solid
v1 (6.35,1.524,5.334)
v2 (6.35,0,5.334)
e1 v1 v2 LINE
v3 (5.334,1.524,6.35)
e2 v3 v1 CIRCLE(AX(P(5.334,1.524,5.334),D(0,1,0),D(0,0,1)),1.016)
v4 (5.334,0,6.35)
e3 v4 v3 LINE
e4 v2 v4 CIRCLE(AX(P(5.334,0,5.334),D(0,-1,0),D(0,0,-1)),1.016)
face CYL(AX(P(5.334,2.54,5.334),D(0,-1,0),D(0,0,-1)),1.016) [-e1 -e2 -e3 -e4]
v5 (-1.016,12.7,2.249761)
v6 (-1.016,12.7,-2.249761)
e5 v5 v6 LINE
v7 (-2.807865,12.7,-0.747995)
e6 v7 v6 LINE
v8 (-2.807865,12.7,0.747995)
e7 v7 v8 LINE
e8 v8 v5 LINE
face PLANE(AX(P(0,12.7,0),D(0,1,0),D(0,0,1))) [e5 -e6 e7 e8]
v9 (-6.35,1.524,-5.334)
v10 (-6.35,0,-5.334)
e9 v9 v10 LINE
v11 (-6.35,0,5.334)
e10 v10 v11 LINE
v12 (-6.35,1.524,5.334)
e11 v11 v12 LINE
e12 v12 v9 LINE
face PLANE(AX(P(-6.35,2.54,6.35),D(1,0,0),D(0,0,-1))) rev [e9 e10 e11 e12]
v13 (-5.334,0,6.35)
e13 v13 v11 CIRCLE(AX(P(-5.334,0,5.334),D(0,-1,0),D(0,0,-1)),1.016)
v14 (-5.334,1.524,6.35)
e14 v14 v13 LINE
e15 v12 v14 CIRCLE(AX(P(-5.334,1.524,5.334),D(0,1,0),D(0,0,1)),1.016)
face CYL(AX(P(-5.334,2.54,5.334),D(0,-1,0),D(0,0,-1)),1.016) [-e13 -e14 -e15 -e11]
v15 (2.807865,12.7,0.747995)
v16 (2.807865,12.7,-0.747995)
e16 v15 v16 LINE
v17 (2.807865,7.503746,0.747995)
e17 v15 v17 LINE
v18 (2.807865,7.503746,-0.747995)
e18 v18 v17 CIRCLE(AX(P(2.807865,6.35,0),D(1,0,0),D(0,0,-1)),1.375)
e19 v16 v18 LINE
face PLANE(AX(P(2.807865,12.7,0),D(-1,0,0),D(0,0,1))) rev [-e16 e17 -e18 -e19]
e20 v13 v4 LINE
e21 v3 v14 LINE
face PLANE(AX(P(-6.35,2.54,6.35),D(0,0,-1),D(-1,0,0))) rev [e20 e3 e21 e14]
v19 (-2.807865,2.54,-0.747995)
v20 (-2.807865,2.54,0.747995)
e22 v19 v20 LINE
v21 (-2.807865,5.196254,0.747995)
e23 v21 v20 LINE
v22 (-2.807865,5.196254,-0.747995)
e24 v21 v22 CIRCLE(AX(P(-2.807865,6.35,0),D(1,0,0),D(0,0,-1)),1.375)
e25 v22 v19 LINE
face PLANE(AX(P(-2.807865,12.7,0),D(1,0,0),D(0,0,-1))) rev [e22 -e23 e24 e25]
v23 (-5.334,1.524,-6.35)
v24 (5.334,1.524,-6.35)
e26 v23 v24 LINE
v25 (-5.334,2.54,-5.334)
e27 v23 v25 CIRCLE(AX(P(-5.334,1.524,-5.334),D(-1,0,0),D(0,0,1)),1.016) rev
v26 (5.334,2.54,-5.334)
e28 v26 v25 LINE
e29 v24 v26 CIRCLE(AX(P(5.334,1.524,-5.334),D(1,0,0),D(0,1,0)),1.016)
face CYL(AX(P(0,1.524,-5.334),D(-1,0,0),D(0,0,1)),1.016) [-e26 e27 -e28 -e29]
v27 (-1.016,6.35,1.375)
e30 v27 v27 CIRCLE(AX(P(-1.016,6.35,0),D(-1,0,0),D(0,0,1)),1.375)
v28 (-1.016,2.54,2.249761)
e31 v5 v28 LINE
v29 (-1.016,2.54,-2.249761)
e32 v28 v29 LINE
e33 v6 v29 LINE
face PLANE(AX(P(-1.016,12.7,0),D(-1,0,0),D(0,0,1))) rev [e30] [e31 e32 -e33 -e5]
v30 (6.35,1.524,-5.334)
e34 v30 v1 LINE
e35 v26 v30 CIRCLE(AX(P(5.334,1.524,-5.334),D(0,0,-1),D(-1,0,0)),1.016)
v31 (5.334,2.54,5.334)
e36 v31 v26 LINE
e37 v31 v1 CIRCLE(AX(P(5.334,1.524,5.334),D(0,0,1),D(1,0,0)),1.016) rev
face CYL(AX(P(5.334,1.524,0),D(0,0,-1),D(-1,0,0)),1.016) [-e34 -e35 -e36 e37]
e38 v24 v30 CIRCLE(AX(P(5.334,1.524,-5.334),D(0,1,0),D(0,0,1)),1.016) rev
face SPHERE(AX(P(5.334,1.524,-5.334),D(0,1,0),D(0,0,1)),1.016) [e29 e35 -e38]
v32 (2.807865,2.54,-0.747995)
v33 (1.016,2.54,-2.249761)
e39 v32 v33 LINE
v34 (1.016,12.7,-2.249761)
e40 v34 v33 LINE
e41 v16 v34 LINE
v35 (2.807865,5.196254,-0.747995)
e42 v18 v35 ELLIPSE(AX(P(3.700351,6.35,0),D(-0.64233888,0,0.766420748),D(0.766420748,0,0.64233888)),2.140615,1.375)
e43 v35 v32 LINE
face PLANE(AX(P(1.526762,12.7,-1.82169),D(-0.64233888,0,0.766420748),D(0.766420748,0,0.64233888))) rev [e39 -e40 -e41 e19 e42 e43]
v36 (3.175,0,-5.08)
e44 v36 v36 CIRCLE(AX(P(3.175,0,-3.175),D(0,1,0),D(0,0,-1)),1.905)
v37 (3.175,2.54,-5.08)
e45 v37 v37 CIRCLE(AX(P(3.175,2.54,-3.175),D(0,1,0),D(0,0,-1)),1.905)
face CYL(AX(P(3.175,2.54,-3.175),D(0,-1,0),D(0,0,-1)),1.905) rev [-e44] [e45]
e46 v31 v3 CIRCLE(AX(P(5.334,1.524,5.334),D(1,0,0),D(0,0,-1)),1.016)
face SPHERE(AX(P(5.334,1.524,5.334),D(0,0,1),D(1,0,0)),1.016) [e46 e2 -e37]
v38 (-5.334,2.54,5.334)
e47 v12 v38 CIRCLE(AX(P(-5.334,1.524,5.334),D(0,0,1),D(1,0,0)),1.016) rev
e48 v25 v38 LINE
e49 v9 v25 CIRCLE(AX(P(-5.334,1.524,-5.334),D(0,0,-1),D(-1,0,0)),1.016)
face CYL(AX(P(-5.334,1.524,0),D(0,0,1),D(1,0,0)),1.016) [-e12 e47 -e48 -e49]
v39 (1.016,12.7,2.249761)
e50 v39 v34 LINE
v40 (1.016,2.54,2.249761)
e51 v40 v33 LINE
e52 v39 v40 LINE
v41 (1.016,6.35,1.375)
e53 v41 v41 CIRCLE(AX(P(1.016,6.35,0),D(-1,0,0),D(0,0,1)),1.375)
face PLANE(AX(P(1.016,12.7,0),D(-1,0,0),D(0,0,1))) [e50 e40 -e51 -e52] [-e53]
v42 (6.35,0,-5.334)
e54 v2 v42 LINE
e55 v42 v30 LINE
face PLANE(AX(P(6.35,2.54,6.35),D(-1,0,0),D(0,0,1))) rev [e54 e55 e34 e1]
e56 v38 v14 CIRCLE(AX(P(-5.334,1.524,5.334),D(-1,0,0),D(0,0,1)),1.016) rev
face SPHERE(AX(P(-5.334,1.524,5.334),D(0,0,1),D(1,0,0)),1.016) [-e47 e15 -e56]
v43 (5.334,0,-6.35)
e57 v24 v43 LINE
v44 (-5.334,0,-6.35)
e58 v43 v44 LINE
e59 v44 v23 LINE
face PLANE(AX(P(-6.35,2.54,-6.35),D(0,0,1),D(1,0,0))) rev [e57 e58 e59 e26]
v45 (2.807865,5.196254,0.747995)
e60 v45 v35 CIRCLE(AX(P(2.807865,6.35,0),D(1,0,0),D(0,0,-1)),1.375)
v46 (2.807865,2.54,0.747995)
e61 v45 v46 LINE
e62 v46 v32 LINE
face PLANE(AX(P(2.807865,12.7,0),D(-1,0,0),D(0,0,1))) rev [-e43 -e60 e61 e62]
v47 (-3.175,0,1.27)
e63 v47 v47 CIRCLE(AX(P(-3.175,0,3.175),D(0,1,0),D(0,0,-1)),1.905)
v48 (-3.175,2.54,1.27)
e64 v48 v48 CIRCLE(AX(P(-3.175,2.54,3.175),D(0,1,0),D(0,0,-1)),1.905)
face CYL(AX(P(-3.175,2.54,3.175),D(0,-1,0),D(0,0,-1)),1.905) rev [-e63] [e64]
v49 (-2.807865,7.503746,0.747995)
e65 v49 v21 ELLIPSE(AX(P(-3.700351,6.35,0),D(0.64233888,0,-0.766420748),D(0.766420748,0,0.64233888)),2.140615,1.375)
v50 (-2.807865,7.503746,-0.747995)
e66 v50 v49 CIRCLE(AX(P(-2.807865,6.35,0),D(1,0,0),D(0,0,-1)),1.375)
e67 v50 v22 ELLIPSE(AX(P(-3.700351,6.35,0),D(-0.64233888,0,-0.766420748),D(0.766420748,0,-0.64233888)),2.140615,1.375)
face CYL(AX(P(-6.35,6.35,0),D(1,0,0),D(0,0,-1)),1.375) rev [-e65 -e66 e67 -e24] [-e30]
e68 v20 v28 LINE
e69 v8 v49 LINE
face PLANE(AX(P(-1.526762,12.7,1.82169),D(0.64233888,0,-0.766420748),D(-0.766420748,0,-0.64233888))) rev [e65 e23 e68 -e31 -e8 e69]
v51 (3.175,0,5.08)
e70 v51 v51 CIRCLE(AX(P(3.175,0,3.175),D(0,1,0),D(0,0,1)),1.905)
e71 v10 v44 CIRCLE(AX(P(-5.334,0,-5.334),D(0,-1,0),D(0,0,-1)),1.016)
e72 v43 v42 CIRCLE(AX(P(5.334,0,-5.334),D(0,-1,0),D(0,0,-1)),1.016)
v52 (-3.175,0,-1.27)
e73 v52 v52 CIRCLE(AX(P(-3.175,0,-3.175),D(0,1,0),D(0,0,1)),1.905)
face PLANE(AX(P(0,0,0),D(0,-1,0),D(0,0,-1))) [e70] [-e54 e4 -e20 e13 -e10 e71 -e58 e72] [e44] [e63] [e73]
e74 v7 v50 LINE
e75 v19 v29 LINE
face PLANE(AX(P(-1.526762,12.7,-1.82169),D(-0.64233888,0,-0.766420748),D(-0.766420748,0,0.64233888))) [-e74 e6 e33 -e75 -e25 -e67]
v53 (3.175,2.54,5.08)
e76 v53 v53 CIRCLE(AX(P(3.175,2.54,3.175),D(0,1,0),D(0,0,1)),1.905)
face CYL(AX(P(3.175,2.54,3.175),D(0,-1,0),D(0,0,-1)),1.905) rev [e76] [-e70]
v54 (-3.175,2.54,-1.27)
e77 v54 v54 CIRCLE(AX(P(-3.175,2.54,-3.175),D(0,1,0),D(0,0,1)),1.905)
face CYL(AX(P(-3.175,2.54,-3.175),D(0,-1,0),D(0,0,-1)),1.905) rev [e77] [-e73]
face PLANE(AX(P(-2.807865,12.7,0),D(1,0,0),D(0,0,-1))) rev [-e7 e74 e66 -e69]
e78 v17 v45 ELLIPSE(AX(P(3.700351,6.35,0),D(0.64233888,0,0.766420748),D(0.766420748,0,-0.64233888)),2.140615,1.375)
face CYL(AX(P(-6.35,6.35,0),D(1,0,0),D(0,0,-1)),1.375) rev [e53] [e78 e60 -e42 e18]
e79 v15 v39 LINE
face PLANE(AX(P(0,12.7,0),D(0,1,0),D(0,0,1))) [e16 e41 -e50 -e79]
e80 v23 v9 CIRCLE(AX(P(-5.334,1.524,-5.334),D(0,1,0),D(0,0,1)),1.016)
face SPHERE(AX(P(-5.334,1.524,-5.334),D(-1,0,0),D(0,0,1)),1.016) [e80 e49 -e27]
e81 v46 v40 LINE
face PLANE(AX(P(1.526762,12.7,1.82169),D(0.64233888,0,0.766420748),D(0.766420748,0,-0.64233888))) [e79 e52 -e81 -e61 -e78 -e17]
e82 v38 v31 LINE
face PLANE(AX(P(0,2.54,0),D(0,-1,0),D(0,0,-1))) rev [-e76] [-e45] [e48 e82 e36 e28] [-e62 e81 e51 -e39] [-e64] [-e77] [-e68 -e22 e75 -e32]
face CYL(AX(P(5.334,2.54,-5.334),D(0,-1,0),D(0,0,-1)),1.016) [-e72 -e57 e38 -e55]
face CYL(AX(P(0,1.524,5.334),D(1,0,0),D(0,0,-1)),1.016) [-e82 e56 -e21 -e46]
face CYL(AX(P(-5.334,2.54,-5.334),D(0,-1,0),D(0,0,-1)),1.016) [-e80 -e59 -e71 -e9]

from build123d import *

# Parameters (mm, degrees)
SKETCH1_W           = 12.7
SKETCH1_H           = 12.7
SKETCH1_R           = 1.905
BOSS_EXTRUDE1_DEPTH = 2.54
SKETCH2_W           = 1.791864934
SKETCH2_H           = 1.49598957
BOSS_EXTRUDE2_DEPTH = 10.16
SKETCH3_R           = 1.375
CUT_EXTRUDE1_DEPTH  = 17.896123524
FILLET1_R           = 1.016


with BuildPart() as part:
    # Sketch1 → Boss-Extrude1 (new body)
    with BuildSketch(Plane(origin=(0, 0, 0), x_dir=(1, 0, 0), z_dir=(0, 1, 0))):
        Rectangle(SKETCH1_W, SKETCH1_H)
        with Locations(Location((-3.175, 3.175, 0), (0, 0, 270))):
            Circle(SKETCH1_R, mode=Mode.SUBTRACT)
        with Locations(Location((3.175, 3.175, 0), (0, 0, 90))):
            Circle(SKETCH1_R, mode=Mode.SUBTRACT)
        with Locations(Location((3.175, -3.175, 0), (0, 0, 270))):
            Circle(SKETCH1_R, mode=Mode.SUBTRACT)
        with Locations(Location((-3.175, -3.175, 0), (0, 0, 90))):
            Circle(SKETCH1_R, mode=Mode.SUBTRACT)
    extrude(amount=BOSS_EXTRUDE1_DEPTH)

    # Sketch2 → Boss-Extrude2 (add)
    with BuildSketch(Plane(origin=(0, 2.54, 0), x_dir=(1, 0, 0), z_dir=(0, 1, 0))):
        Polygon((-1.016, 0.747994785), (-1.016, 2.249760645), (-2.807864934, 0.747994785), align=None)
        with Locations((-1.911932467, 0)):
            Rectangle(SKETCH2_W, SKETCH2_H)
        Polygon((-1.016, -2.249760645), (-1.016, -0.747994785), (-2.807864934, -0.747994785), align=None)
        Polygon((2.807864934, 0.747994785), (1.016, 2.249760645), (1.016, 0.747994785), align=None)
        with Locations((1.911932467, 0)):
            Rectangle(SKETCH2_W, SKETCH2_H)
        Polygon((2.807864934, -0.747994785), (1.016, -0.747994785), (1.016, -2.249760645), align=None)
    extrude(amount=BOSS_EXTRUDE2_DEPTH)

    # Sketch3 → Cut-Extrude1 (cut, through all)
    with BuildSketch(Plane(origin=(2.807864934, 0, 0), x_dir=(0, 0, -1), z_dir=(1, 0, 0))):
        with Locations(Location((0, 6.35, 0), (0, 0, 57.043905398))):
            Circle(SKETCH3_R)
    extrude(amount=-CUT_EXTRUDE1_DEPTH, mode=Mode.SUBTRACT)

    # Fillet1
    fillet1_edges = [part.edges().sort_by_distance(p)[0] for p in [
        (-6.35, 2.54, 0),
        (0, 2.54, 6.35),
        (6.35, 2.54, 0),
        (6.35, 1.27, 6.35),
        (-6.35, 1.27, 6.35),
        (-6.35, 1.27, -6.35),
        (6.35, 1.27, -6.35),
        (0, 2.54, -6.35),
    ]]
    fillet(fillet1_edges, radius=FILLET1_R)


solid = part.part
